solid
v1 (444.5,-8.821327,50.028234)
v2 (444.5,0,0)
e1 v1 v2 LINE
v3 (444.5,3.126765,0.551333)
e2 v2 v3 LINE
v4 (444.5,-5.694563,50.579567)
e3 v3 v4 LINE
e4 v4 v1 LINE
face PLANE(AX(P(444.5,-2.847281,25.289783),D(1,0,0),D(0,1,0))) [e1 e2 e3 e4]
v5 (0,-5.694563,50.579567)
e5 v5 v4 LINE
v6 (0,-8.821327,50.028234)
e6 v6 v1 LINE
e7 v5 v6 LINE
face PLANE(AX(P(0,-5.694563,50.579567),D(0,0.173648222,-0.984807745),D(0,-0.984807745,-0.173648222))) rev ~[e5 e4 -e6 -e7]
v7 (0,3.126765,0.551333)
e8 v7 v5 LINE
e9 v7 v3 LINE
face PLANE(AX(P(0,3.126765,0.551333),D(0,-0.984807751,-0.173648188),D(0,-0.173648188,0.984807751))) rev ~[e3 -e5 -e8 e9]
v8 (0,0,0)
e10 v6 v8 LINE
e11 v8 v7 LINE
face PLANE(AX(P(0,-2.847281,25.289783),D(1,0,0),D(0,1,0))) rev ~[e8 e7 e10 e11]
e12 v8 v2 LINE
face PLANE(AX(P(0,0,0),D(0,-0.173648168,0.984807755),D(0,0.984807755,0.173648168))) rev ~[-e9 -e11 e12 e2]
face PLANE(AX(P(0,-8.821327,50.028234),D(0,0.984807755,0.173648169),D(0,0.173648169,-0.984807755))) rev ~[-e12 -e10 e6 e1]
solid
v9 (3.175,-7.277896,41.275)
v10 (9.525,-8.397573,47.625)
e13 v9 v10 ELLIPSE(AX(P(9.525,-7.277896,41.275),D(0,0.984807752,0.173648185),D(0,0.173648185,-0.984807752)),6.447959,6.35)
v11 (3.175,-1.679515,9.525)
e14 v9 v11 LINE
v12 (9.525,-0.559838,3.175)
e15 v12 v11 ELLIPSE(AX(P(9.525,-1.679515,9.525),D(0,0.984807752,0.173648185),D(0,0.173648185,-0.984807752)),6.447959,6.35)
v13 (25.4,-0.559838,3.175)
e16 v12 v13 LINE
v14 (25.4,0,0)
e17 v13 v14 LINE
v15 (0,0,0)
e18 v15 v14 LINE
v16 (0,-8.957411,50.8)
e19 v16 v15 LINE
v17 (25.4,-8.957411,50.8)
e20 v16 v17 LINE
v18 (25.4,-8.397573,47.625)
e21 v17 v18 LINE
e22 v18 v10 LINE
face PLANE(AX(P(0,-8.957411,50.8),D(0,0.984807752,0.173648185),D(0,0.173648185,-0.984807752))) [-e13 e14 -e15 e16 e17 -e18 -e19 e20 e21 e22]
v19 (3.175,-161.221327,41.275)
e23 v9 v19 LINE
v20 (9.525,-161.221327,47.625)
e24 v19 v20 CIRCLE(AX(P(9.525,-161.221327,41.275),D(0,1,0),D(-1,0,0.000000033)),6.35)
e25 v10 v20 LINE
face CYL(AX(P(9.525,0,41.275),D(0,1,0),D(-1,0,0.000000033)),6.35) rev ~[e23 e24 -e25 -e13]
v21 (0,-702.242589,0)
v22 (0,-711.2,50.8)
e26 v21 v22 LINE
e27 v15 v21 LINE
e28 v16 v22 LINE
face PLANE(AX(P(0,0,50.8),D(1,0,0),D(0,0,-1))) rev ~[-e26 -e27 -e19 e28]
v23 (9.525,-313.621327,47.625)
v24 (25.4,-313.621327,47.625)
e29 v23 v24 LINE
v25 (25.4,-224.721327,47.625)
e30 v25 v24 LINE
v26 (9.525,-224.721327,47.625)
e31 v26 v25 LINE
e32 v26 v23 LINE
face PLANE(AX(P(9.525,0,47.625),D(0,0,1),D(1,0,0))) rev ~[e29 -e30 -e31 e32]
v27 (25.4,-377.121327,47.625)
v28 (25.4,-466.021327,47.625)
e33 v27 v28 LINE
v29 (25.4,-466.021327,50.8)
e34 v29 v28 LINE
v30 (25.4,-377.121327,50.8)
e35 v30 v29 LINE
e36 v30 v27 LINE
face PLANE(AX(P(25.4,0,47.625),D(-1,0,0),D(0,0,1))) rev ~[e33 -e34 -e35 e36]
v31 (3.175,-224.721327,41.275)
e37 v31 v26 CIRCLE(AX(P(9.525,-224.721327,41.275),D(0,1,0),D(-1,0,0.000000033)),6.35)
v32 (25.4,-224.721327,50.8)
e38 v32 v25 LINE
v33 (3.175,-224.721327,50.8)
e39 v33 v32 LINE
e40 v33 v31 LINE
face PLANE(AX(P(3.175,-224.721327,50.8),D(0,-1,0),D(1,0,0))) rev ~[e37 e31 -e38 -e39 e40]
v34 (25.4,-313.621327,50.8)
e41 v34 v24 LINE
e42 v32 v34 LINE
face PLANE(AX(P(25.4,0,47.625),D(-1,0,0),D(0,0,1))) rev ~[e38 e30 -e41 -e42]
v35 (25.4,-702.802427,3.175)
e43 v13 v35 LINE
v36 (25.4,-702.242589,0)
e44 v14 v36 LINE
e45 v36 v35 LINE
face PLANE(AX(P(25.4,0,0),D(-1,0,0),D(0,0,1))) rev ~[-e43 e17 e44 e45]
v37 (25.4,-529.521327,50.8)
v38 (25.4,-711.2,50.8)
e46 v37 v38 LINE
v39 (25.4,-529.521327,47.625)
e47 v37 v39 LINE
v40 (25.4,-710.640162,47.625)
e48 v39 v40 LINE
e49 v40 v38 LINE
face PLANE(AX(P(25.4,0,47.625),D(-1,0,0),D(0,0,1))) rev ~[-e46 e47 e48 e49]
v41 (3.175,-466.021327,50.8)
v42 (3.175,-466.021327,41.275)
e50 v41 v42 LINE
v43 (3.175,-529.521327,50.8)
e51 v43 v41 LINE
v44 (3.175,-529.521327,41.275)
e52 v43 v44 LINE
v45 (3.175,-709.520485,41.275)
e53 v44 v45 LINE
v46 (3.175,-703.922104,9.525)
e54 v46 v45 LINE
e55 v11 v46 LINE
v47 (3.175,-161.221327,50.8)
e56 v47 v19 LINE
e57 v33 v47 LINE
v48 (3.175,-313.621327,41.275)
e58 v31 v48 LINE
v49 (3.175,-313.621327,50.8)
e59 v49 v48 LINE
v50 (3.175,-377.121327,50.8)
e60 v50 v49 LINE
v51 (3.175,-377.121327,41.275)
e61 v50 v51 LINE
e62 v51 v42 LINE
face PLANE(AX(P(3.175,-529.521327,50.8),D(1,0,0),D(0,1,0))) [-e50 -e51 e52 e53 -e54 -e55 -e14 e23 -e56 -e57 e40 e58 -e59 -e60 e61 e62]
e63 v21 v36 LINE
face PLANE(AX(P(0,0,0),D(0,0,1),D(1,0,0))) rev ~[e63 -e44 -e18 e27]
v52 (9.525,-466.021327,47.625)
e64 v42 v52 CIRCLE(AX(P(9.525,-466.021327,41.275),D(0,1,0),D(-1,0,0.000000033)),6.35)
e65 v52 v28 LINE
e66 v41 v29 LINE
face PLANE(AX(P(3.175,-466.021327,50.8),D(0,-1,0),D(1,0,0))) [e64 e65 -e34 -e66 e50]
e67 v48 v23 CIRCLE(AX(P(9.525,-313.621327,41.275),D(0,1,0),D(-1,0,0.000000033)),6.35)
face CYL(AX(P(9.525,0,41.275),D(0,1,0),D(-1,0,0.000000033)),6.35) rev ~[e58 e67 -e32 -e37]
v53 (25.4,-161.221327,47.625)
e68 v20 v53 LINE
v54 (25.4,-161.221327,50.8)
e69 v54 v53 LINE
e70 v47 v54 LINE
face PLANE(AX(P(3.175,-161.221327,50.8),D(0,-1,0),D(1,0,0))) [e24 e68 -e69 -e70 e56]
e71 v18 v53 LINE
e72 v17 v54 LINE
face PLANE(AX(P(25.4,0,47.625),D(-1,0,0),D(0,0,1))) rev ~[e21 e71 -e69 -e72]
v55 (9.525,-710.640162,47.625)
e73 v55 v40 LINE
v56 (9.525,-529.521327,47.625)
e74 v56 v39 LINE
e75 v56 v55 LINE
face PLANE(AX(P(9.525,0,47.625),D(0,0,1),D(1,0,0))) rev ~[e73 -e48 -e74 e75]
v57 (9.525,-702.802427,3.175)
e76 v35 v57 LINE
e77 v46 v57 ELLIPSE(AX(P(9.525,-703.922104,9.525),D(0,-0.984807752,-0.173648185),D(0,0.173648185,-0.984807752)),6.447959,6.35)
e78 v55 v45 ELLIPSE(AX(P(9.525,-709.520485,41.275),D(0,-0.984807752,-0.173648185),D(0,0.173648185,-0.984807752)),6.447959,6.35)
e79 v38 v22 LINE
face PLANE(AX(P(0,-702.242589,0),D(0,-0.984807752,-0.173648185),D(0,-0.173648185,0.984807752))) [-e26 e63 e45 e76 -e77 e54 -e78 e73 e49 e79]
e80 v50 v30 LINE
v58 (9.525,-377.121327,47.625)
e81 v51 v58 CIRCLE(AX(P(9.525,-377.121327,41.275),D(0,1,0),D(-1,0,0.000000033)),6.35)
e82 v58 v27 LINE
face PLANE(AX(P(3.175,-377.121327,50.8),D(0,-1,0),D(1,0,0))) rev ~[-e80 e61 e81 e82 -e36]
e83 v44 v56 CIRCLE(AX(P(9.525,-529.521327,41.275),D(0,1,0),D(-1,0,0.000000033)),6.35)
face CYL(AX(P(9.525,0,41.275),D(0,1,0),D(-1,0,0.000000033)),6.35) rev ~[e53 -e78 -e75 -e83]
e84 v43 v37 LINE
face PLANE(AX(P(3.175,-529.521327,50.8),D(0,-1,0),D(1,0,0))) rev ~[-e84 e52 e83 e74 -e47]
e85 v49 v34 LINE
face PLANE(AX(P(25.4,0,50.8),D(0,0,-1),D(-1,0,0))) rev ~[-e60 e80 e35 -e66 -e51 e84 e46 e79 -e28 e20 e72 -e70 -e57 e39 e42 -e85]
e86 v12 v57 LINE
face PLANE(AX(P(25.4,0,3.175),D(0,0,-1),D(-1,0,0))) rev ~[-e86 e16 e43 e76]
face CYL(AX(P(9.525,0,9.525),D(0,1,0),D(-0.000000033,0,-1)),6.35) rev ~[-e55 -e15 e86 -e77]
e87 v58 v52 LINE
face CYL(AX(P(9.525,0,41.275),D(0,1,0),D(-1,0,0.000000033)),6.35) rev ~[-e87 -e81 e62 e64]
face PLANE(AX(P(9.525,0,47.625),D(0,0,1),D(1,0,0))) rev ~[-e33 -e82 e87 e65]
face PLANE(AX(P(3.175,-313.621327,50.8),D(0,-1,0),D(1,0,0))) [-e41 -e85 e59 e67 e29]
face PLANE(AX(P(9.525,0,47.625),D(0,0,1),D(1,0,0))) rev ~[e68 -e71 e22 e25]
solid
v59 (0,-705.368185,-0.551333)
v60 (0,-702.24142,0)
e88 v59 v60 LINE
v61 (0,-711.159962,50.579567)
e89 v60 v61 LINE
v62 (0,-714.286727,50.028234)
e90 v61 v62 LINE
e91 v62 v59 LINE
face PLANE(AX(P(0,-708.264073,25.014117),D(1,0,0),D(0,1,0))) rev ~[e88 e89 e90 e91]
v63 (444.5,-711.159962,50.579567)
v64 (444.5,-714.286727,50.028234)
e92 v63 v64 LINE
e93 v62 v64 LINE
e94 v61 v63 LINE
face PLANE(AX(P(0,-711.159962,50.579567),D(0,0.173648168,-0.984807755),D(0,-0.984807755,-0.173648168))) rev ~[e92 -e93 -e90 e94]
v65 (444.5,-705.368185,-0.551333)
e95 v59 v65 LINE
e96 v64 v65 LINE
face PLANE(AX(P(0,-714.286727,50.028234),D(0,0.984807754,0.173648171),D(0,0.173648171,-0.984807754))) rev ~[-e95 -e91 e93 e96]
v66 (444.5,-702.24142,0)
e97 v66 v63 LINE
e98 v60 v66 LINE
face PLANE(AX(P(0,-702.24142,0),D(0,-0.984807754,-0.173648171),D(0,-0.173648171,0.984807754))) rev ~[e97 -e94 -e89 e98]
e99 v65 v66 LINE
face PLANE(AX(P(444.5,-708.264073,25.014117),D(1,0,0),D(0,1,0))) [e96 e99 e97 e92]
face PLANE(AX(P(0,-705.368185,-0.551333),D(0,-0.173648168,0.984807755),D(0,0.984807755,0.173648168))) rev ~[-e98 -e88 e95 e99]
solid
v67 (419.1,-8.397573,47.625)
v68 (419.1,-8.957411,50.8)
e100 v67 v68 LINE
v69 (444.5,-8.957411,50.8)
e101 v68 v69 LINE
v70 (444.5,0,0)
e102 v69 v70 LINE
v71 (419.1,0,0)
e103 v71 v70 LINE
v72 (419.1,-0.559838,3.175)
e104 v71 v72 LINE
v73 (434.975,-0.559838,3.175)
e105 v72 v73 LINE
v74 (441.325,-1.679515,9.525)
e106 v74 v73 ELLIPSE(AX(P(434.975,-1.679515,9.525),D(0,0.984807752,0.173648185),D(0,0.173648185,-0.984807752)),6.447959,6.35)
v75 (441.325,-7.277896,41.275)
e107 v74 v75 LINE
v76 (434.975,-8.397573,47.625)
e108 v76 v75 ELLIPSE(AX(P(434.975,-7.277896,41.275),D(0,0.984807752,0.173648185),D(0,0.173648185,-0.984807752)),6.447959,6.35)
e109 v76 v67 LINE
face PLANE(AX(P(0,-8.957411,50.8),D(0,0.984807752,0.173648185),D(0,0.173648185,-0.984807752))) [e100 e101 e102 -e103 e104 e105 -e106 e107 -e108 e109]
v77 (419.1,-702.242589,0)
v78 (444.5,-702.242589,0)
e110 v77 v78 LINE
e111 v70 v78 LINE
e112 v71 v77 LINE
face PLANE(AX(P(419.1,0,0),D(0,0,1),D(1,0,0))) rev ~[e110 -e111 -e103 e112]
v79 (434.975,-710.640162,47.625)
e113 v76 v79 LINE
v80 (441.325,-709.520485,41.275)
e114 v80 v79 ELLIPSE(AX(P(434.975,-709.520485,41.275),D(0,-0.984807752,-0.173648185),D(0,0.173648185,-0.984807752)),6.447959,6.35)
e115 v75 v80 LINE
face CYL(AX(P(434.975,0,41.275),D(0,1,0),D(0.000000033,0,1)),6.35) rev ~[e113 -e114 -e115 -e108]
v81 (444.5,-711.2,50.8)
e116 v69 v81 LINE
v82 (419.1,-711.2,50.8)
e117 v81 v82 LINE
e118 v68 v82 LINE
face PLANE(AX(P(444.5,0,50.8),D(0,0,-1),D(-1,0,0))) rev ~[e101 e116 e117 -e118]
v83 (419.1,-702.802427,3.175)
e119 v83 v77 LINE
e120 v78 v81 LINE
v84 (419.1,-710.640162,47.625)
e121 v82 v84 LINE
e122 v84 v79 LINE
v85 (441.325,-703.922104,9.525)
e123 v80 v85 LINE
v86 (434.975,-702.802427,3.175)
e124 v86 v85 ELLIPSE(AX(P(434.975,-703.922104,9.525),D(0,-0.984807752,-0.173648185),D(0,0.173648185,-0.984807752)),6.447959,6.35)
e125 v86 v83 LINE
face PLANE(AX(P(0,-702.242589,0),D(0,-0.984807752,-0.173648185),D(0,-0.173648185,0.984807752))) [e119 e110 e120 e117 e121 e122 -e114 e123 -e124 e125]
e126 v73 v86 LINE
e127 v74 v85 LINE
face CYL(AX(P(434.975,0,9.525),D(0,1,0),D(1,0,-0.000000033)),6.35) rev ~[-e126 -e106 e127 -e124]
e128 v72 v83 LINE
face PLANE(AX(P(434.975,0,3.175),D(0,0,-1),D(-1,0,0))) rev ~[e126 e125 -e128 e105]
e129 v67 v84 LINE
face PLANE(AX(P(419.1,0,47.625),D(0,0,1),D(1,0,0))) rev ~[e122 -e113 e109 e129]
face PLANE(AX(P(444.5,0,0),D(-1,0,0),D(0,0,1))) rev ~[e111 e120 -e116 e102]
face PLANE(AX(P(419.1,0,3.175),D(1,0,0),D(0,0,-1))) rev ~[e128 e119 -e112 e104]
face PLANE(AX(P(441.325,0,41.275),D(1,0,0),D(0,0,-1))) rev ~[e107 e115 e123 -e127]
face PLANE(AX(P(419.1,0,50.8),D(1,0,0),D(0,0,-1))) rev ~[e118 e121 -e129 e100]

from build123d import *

# Parameters (mm, degrees)
F1_DEPTH = 711.2
F3_DEPTH = 444.501
F5_DEPTH = 444.5
F6_W     = 22.225
F6_H     = 63.5
F7_DEPTH = 25.4


with BuildPart() as f1:
    # F0 (on Front) → F1 (new body)
    with BuildSketch(Plane.XZ):
        with BuildLine():
            Line((25.4, 47.625), (25.4, 50.8))
            Line((25.4, 50.8), (0, 50.8))
            Line((0, 50.8), (0, 0))
            Line((0, 0), (25.4, 0))
            Line((25.4, 0), (25.4, 3.175))
            Line((25.4, 3.175), (9.525, 3.175))
            ThreePointArc((9.525, 3.175), (5.034872, 5.034872), (3.175, 9.525))
            Line((3.175, 9.525), (3.175, 41.275))
            ThreePointArc((3.175, 41.275), (5.034872, 45.765128), (9.525, 47.625))
            Line((9.525, 47.625), (25.4, 47.625))
        make_face()
        with BuildLine():
            Line((444.5, 50.8), (419.1, 50.8))
            Line((419.1, 50.8), (419.1, 47.625))
            Line((419.1, 47.625), (434.975, 47.625))
            ThreePointArc((434.975, 47.625), (439.465128, 45.765128), (441.325, 41.275))
            Line((441.325, 41.275), (441.325, 9.525))
            ThreePointArc((441.325, 9.525), (439.465128, 5.034872), (434.975, 3.175))
            Line((434.975, 3.175), (419.1, 3.175))
            Line((419.1, 3.175), (419.1, 0))
            Line((419.1, 0), (444.5, 0))
            Line((444.5, 0), (444.5, 50.8))
        make_face()
    extrude(amount=F1_DEPTH)

    # F2 (on Right) → F3 (cut, through all)
    with BuildSketch(Plane.YZ):
        Polygon((-8.957411, 50.8), (0, 0), (0, 50.8), align=None)
        Polygon((-711.2, 0), (-702.242589, 0), (-711.2, 50.8), align=None)
    extrude(amount=F3_DEPTH, mode=Mode.SUBTRACT)

    # F6 (on face) → F7 (cut)
    with BuildSketch(Plane.XY.offset(50.8)):
        with Locations((14.2875, -192.971327)):
            Rectangle(F6_W, F6_H)
        with Locations((14.2875, -345.371327)):
            Rectangle(F6_W, F6_H)
        with Locations((14.2875, -497.771327)):
            Rectangle(F6_W, F6_H)
    extrude(amount=-F7_DEPTH, mode=Mode.SUBTRACT)


with BuildPart() as f5:
    # F4 (on Right) → F5 (new body)
    with BuildSketch(Plane.YZ):
        Polygon((-8.821327, 50.028234), (0, 0), (3.126765, 0.551333), (-5.694563, 50.579567), align=None)
        Polygon((-705.368185, -0.551333), (-702.24142, 0), (-711.159962, 50.579567), (-714.286727, 50.028234), align=None)
    extrude(amount=F5_DEPTH)


solid = Compound([f1.part, f5.part])
